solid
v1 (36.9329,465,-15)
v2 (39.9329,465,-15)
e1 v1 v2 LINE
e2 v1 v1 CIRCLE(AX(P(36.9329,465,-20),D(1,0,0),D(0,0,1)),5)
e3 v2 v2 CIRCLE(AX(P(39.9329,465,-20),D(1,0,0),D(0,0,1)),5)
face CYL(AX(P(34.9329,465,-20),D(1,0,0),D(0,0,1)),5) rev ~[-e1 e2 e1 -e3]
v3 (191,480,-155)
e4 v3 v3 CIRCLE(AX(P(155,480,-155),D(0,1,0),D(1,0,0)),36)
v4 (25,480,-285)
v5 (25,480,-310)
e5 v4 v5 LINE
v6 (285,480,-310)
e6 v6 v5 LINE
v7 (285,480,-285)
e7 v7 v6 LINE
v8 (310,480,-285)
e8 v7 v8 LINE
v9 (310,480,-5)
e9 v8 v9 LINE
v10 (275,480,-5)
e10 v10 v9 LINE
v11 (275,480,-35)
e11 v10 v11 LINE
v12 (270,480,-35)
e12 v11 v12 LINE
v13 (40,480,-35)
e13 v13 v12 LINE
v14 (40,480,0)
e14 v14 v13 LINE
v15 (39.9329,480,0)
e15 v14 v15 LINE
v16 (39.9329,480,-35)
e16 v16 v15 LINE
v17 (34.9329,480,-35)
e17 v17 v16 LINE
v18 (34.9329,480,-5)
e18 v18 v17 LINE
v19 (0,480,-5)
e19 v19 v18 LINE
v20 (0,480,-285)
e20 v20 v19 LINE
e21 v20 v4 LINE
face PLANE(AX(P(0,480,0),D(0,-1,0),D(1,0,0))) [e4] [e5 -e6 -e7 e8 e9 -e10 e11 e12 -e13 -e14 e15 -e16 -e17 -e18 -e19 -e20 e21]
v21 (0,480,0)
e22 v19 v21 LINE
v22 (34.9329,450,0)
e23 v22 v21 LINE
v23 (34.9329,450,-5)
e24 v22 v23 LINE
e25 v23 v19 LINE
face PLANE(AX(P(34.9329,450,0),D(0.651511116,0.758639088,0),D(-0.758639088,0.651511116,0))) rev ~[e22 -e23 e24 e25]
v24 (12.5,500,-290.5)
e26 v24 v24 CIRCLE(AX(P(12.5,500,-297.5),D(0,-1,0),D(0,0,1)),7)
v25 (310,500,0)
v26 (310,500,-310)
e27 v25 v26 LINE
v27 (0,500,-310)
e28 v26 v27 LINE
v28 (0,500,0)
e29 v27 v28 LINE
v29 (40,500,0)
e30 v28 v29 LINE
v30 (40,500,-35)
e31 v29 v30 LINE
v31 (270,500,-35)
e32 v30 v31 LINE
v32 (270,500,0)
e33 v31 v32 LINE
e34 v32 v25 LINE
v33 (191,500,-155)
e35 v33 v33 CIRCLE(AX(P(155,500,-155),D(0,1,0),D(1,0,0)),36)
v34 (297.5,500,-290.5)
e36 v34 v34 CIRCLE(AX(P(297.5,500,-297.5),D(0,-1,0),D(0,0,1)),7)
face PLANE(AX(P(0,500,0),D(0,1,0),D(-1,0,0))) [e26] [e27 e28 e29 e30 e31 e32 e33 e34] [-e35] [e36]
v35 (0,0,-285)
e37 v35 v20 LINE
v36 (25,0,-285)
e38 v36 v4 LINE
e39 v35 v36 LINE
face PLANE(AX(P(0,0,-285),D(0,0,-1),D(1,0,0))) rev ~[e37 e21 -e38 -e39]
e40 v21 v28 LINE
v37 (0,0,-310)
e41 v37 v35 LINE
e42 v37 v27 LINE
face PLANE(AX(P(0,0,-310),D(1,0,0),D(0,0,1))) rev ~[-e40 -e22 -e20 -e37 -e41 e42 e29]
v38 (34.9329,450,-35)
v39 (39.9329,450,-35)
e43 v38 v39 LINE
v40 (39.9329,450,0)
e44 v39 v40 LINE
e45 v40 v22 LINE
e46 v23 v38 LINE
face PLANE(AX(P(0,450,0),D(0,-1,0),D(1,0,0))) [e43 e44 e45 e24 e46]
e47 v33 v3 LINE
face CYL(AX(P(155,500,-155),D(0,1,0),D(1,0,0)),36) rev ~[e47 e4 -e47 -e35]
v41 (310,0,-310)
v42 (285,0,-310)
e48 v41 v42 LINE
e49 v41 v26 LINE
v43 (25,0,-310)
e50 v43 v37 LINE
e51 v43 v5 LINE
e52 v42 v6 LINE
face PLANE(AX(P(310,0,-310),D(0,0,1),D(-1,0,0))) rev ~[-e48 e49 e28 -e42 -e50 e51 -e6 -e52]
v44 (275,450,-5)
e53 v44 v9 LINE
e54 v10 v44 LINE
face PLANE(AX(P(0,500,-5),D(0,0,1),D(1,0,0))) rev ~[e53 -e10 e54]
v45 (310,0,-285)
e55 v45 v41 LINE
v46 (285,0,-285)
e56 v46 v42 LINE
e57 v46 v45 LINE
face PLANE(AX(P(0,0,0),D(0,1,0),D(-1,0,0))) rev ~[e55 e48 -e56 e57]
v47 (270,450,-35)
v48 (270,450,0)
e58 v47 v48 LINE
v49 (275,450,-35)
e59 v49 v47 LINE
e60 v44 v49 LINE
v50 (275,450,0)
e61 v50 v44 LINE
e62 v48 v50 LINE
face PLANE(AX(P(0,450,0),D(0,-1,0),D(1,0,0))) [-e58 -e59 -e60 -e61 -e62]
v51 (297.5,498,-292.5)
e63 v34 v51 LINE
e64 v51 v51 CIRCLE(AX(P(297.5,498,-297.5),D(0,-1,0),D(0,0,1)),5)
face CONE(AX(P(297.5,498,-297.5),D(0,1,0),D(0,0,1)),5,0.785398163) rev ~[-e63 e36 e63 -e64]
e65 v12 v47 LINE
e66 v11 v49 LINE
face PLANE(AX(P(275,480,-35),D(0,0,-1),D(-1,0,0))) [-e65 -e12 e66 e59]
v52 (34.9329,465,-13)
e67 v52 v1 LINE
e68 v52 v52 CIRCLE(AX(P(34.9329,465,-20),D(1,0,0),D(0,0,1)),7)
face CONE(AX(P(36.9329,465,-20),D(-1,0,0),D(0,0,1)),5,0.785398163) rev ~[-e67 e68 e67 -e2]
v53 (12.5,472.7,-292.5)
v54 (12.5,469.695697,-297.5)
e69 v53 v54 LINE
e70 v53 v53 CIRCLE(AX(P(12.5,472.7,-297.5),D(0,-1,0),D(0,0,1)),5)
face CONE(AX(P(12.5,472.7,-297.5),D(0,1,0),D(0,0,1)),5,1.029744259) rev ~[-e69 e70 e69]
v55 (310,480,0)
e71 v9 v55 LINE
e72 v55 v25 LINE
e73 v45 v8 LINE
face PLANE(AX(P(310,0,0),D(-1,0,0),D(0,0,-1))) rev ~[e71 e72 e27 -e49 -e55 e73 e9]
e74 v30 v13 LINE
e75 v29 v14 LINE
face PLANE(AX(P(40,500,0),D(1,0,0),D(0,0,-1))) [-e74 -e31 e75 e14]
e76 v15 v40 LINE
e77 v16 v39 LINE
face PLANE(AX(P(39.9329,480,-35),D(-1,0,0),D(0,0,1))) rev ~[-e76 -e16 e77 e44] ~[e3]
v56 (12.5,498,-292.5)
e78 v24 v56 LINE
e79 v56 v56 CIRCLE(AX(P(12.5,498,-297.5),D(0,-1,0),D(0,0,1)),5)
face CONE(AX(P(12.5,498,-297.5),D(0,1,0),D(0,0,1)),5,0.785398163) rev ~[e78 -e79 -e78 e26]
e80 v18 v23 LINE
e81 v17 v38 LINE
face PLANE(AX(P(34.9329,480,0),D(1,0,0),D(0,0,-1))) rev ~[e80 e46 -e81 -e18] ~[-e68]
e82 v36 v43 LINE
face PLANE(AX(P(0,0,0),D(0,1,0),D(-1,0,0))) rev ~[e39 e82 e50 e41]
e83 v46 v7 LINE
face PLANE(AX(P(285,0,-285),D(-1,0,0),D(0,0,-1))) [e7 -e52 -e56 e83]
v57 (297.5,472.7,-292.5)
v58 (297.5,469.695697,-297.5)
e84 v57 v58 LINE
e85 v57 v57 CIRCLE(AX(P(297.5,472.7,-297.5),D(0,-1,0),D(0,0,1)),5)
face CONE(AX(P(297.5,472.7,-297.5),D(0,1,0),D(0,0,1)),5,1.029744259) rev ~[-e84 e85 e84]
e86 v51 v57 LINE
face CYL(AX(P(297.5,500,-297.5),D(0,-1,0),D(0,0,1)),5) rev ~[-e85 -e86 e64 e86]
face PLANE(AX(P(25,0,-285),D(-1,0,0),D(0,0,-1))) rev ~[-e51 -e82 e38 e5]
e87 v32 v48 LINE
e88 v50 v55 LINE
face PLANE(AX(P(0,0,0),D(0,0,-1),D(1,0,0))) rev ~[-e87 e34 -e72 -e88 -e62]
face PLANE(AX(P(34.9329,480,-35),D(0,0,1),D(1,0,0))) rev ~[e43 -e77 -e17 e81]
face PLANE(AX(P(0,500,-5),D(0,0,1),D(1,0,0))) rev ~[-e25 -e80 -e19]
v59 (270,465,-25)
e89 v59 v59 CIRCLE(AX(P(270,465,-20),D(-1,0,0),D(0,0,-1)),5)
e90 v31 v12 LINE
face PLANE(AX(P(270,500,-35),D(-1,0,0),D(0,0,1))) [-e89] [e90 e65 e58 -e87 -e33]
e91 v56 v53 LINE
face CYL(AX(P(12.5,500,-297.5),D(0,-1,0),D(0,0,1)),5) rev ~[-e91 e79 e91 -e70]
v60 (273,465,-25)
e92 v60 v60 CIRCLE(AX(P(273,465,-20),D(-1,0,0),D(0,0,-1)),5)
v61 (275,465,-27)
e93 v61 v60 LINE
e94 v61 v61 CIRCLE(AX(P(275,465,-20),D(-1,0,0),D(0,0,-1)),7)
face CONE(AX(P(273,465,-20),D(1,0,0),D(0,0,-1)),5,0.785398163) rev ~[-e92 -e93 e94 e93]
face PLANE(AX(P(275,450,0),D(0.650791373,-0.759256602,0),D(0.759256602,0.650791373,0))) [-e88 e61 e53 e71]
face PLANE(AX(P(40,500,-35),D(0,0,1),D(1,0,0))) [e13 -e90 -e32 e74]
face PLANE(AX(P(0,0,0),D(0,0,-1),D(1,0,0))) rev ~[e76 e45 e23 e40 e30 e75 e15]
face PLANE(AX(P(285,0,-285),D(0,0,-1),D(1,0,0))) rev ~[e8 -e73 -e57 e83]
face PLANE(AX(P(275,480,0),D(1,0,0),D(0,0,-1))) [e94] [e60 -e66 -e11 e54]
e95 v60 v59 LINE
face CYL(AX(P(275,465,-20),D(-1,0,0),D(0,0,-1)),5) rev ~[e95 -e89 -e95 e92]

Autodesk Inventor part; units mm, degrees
ref_plane "YZ Plane" through (0, 0, 0) normal (1, 0, 0) x (0, 1, 0)
ref_plane "XZ Plane" through (0, 0, 0) normal (0, 1, 0) x (-1, 0, 0)
ref_plane "XY Plane" through (0, 0, 0) normal (0, 0, 1) x (1, 0, 0)
sketch "Skizze5" plane through (0, 0, 0) normal (0, 1, 0) x (-1, 0, 0)
  line L0 (0, 0) -> (-310, 0)
  line L1 (-310, 0) -> (-310, -310)
  line L2 (-310, -310) -> (0, -310)
  line L3 (0, -310) -> (0, 0)
  dimension "d14" = 310
  dimension "d15" = 310
extrude "Extrusion5" add sketch "Skizze5" along normal blind 500
sketch "Skizze6" plane through (0, 500, 0) normal (0, 1, 0) x (1, 0, 0)
  line L0 (0, 310) -> (0, 0) projected
  line L1 (0, 0) -> (310, 0) projected
  line L2 (40, 35) -> (270, 35)
  line L3 (270, 35) -> (270, 0)
  line L4 (270, 0) -> (40, 0)
  line L5 (40, 0) -> (40, 35)
  dimension "d20" = 230
extrude "Extrusion6" cut sketch "Skizze6" against normal blind 500
sketch "Skizze7" plane through (0, 0, 0) normal (0, -1, 0) x (1, 0, 0)
  line L0 (310, 0) -> (310, -310) projected
  line L1 (40, -35) -> (270, -35) projected
  line L2 (310, 0) -> (270, 0)
  line L3 (270, 0) -> (270, -35)
  line L4 (270, -35) -> (310, -35)
  line L5 (310, -35) -> (310, 0)
  line L6 (40, 0) -> (40, -35) projected
  line L7 (0, -310) -> (0, 0) projected
  line L8 (40, 0) -> (0, 0)
  line L9 (0, 0) -> (0, -35)
  line L10 (0, -35) -> (40, -35)
  line L11 (40, -35) -> (40, 0)
  line L12 (310, -35) -> (0, -35)
  line L13 (0, -35) -> (0, -285)
  line L14 (0, -285) -> (310, -285)
  line L15 (310, -285) -> (310, -35)
  line L16 (310, -310) -> (0, -310) projected
  line L17 (310, -285) -> (285, -285)
  line L18 (285, -285) -> (285, -310)
  line L19 (285, -310) -> (310, -310)
  line L20 (310, -310) -> (310, -285)
  line L21 (0, -285) -> (25, -285)
  line L22 (25, -285) -> (25, -310)
  line L23 (25, -310) -> (0, -310)
  line L24 (0, -310) -> (0, -285)
  dimension "d23" = 250
  dimension "d24" = 25
  dimension "d25" = 25
extrude "Extrusion7" cut sketch "Skizze7" against normal blind 480 contours L0 L4 L3 L2 | L0 L14 L7 L10 L1 L4 | L18 L16 L22 L14 | L10 L7 L8 L6
sketch "Skizze8" plane through (0, 500, 0) normal (0, 1, 0) x (1, 0, 0)
  line L0 (0, 0) -> (40, 0) projected
  circle A0 centre (155, 155) radius 36
  dimension "d30" = 72
extrude "Extrusion8" cut sketch "Skizze8" against normal blind 20
sketch "Skizze9" plane through (0, 480, 0) normal (0, -1, 0) x (1, 0, 0)
  point P0 (0, 0)
sketch "Skizze10" plane through (0, 480, 0) normal (0, -1, 0) x (1, 0, 0)
  line L0 (270, 0) -> (310, 0) projected
  line L1 (270, 0) -> (275, 0)
  line L2 (275, 0) -> (275, -35)
  line L3 (275, -35) -> (270, -35)
  line L4 (270, -35) -> (270, 0)
  line L5 (39.9329, 0) -> (34.9329, 0)
  line L6 (34.9329, 0) -> (34.9329, -35)
  line L7 (34.9329, -35) -> (39.9329, -35)
  line L8 (39.9329, -35) -> (39.9329, 0)
  point P0 (0, 0)
  dimension "d33" = 5
  dimension "d34" = 35
  dimension "d35" = 5
extrude "Extrusion9" add sketch "Skizze10" along normal blind 30
sketch "Skizze11" plane through (0, 500, 0) normal (0, 0, 1) x (1, 0, 0)
  line L0 (0, -20) -> (0, 0) projected
  line L1 (0, -20) -> (34.9329, -20) projected
  line L2 (0, -20) -> (34.9329, -20)
  line L3 (39.9329, -50) -> (34.9329, -50) projected
  line L4 (34.9329, -20) -> (34.9329, -50)
  line L5 (34.9329, -50) -> (0, -20)
  line L6 (275, -20) -> (310, -20) projected
  line L7 (310, -20) -> (275, -20)
  line L8 (275, -20) -> (275, -50) projected
  line L9 (275, -20) -> (275, -50)
  line L10 (275, -50) -> (310, -20)
  point P0 (0, -500)
extrude "Extrusion10" add sketch "Skizze11" against normal blind 5
sketch "Skizze12" plane through (34.9329, 450, -35) normal (-1, 0, 0) x (0, 0, 1)
  line L0 (30, 0) -> (0, 0) projected
  line L1 (0, 0) -> (15, 0)
  line L2 (15, 0) -> (15, 15)
  line L3 (15, 15) -> (0, 15)
  line L4 (0, 15) -> (0, 0)
  point P0 (35, -450)
  dimension "d40" = 15
  dimension "d41" = 15
hole "Bohrung1" at (34.9329, 465, -20) direction (1, 0, 0) diameter 10 depth 27.3 tip angle 118
sketch "Skizze13" plane through (275, 450, -35) normal (1, 0, 0) x (0, 0, -1)
  line L0 (0, 0) -> (-15, 0)
  line L1 (-15, 0) -> (-15, 15)
  line L2 (-15, 15) -> (0, 15)
  line L3 (0, 15) -> (0, 0)
  point P0 (-35, -450)
  dimension "d49" = 15
  dimension "d50" = 15
hole "Bohrung2" at (275, 465, -20) direction (-1, 0, 0) diameter 10 depth 27.3 tip angle 118
chamfer "Fase1" distance 2 angle 45 1 edges at (34.9329, 465, -25)
chamfer "Fase2" distance 2 angle 45 1 edges at (275, 465, -15)
sketch "Skizze14" plane through (0, 500, 0) normal (0, 1, 0) x (1, 0, 0)
  line L0 (310, 0) -> (310, 310) projected
  line L1 (310, 310) -> (297.5, 310)
  line L2 (297.5, 310) -> (297.5, 297.5)
  line L3 (297.5, 297.5) -> (310, 297.5)
  line L4 (310, 297.5) -> (310, 310)
  line L5 (0, 310) -> (0, 285) projected
  line L6 (0, 310) -> (12.5, 310)
  line L7 (12.5, 310) -> (12.5, 297.5)
  line L8 (12.5, 297.5) -> (0, 297.5)
  line L9 (0, 297.5) -> (0, 310)
  point P0 (0, 0)
  dimension "d64" = 12.5
  dimension "d65" = 12.5
  dimension "d66" = 12.5
  dimension "d67" = 12.5
hole "Bohrung3" at (12.5, 500, -297.5) at (297.5, 500, -297.5) direction (0, -1, 0) diameter 10 depth 27.3 tip angle 118
chamfer "Fase3" distance 2 angle 45 2 edges at (297.5, 500, -302.5) (12.5, 500, -302.5)
properties part number "Haltung_Presse"
